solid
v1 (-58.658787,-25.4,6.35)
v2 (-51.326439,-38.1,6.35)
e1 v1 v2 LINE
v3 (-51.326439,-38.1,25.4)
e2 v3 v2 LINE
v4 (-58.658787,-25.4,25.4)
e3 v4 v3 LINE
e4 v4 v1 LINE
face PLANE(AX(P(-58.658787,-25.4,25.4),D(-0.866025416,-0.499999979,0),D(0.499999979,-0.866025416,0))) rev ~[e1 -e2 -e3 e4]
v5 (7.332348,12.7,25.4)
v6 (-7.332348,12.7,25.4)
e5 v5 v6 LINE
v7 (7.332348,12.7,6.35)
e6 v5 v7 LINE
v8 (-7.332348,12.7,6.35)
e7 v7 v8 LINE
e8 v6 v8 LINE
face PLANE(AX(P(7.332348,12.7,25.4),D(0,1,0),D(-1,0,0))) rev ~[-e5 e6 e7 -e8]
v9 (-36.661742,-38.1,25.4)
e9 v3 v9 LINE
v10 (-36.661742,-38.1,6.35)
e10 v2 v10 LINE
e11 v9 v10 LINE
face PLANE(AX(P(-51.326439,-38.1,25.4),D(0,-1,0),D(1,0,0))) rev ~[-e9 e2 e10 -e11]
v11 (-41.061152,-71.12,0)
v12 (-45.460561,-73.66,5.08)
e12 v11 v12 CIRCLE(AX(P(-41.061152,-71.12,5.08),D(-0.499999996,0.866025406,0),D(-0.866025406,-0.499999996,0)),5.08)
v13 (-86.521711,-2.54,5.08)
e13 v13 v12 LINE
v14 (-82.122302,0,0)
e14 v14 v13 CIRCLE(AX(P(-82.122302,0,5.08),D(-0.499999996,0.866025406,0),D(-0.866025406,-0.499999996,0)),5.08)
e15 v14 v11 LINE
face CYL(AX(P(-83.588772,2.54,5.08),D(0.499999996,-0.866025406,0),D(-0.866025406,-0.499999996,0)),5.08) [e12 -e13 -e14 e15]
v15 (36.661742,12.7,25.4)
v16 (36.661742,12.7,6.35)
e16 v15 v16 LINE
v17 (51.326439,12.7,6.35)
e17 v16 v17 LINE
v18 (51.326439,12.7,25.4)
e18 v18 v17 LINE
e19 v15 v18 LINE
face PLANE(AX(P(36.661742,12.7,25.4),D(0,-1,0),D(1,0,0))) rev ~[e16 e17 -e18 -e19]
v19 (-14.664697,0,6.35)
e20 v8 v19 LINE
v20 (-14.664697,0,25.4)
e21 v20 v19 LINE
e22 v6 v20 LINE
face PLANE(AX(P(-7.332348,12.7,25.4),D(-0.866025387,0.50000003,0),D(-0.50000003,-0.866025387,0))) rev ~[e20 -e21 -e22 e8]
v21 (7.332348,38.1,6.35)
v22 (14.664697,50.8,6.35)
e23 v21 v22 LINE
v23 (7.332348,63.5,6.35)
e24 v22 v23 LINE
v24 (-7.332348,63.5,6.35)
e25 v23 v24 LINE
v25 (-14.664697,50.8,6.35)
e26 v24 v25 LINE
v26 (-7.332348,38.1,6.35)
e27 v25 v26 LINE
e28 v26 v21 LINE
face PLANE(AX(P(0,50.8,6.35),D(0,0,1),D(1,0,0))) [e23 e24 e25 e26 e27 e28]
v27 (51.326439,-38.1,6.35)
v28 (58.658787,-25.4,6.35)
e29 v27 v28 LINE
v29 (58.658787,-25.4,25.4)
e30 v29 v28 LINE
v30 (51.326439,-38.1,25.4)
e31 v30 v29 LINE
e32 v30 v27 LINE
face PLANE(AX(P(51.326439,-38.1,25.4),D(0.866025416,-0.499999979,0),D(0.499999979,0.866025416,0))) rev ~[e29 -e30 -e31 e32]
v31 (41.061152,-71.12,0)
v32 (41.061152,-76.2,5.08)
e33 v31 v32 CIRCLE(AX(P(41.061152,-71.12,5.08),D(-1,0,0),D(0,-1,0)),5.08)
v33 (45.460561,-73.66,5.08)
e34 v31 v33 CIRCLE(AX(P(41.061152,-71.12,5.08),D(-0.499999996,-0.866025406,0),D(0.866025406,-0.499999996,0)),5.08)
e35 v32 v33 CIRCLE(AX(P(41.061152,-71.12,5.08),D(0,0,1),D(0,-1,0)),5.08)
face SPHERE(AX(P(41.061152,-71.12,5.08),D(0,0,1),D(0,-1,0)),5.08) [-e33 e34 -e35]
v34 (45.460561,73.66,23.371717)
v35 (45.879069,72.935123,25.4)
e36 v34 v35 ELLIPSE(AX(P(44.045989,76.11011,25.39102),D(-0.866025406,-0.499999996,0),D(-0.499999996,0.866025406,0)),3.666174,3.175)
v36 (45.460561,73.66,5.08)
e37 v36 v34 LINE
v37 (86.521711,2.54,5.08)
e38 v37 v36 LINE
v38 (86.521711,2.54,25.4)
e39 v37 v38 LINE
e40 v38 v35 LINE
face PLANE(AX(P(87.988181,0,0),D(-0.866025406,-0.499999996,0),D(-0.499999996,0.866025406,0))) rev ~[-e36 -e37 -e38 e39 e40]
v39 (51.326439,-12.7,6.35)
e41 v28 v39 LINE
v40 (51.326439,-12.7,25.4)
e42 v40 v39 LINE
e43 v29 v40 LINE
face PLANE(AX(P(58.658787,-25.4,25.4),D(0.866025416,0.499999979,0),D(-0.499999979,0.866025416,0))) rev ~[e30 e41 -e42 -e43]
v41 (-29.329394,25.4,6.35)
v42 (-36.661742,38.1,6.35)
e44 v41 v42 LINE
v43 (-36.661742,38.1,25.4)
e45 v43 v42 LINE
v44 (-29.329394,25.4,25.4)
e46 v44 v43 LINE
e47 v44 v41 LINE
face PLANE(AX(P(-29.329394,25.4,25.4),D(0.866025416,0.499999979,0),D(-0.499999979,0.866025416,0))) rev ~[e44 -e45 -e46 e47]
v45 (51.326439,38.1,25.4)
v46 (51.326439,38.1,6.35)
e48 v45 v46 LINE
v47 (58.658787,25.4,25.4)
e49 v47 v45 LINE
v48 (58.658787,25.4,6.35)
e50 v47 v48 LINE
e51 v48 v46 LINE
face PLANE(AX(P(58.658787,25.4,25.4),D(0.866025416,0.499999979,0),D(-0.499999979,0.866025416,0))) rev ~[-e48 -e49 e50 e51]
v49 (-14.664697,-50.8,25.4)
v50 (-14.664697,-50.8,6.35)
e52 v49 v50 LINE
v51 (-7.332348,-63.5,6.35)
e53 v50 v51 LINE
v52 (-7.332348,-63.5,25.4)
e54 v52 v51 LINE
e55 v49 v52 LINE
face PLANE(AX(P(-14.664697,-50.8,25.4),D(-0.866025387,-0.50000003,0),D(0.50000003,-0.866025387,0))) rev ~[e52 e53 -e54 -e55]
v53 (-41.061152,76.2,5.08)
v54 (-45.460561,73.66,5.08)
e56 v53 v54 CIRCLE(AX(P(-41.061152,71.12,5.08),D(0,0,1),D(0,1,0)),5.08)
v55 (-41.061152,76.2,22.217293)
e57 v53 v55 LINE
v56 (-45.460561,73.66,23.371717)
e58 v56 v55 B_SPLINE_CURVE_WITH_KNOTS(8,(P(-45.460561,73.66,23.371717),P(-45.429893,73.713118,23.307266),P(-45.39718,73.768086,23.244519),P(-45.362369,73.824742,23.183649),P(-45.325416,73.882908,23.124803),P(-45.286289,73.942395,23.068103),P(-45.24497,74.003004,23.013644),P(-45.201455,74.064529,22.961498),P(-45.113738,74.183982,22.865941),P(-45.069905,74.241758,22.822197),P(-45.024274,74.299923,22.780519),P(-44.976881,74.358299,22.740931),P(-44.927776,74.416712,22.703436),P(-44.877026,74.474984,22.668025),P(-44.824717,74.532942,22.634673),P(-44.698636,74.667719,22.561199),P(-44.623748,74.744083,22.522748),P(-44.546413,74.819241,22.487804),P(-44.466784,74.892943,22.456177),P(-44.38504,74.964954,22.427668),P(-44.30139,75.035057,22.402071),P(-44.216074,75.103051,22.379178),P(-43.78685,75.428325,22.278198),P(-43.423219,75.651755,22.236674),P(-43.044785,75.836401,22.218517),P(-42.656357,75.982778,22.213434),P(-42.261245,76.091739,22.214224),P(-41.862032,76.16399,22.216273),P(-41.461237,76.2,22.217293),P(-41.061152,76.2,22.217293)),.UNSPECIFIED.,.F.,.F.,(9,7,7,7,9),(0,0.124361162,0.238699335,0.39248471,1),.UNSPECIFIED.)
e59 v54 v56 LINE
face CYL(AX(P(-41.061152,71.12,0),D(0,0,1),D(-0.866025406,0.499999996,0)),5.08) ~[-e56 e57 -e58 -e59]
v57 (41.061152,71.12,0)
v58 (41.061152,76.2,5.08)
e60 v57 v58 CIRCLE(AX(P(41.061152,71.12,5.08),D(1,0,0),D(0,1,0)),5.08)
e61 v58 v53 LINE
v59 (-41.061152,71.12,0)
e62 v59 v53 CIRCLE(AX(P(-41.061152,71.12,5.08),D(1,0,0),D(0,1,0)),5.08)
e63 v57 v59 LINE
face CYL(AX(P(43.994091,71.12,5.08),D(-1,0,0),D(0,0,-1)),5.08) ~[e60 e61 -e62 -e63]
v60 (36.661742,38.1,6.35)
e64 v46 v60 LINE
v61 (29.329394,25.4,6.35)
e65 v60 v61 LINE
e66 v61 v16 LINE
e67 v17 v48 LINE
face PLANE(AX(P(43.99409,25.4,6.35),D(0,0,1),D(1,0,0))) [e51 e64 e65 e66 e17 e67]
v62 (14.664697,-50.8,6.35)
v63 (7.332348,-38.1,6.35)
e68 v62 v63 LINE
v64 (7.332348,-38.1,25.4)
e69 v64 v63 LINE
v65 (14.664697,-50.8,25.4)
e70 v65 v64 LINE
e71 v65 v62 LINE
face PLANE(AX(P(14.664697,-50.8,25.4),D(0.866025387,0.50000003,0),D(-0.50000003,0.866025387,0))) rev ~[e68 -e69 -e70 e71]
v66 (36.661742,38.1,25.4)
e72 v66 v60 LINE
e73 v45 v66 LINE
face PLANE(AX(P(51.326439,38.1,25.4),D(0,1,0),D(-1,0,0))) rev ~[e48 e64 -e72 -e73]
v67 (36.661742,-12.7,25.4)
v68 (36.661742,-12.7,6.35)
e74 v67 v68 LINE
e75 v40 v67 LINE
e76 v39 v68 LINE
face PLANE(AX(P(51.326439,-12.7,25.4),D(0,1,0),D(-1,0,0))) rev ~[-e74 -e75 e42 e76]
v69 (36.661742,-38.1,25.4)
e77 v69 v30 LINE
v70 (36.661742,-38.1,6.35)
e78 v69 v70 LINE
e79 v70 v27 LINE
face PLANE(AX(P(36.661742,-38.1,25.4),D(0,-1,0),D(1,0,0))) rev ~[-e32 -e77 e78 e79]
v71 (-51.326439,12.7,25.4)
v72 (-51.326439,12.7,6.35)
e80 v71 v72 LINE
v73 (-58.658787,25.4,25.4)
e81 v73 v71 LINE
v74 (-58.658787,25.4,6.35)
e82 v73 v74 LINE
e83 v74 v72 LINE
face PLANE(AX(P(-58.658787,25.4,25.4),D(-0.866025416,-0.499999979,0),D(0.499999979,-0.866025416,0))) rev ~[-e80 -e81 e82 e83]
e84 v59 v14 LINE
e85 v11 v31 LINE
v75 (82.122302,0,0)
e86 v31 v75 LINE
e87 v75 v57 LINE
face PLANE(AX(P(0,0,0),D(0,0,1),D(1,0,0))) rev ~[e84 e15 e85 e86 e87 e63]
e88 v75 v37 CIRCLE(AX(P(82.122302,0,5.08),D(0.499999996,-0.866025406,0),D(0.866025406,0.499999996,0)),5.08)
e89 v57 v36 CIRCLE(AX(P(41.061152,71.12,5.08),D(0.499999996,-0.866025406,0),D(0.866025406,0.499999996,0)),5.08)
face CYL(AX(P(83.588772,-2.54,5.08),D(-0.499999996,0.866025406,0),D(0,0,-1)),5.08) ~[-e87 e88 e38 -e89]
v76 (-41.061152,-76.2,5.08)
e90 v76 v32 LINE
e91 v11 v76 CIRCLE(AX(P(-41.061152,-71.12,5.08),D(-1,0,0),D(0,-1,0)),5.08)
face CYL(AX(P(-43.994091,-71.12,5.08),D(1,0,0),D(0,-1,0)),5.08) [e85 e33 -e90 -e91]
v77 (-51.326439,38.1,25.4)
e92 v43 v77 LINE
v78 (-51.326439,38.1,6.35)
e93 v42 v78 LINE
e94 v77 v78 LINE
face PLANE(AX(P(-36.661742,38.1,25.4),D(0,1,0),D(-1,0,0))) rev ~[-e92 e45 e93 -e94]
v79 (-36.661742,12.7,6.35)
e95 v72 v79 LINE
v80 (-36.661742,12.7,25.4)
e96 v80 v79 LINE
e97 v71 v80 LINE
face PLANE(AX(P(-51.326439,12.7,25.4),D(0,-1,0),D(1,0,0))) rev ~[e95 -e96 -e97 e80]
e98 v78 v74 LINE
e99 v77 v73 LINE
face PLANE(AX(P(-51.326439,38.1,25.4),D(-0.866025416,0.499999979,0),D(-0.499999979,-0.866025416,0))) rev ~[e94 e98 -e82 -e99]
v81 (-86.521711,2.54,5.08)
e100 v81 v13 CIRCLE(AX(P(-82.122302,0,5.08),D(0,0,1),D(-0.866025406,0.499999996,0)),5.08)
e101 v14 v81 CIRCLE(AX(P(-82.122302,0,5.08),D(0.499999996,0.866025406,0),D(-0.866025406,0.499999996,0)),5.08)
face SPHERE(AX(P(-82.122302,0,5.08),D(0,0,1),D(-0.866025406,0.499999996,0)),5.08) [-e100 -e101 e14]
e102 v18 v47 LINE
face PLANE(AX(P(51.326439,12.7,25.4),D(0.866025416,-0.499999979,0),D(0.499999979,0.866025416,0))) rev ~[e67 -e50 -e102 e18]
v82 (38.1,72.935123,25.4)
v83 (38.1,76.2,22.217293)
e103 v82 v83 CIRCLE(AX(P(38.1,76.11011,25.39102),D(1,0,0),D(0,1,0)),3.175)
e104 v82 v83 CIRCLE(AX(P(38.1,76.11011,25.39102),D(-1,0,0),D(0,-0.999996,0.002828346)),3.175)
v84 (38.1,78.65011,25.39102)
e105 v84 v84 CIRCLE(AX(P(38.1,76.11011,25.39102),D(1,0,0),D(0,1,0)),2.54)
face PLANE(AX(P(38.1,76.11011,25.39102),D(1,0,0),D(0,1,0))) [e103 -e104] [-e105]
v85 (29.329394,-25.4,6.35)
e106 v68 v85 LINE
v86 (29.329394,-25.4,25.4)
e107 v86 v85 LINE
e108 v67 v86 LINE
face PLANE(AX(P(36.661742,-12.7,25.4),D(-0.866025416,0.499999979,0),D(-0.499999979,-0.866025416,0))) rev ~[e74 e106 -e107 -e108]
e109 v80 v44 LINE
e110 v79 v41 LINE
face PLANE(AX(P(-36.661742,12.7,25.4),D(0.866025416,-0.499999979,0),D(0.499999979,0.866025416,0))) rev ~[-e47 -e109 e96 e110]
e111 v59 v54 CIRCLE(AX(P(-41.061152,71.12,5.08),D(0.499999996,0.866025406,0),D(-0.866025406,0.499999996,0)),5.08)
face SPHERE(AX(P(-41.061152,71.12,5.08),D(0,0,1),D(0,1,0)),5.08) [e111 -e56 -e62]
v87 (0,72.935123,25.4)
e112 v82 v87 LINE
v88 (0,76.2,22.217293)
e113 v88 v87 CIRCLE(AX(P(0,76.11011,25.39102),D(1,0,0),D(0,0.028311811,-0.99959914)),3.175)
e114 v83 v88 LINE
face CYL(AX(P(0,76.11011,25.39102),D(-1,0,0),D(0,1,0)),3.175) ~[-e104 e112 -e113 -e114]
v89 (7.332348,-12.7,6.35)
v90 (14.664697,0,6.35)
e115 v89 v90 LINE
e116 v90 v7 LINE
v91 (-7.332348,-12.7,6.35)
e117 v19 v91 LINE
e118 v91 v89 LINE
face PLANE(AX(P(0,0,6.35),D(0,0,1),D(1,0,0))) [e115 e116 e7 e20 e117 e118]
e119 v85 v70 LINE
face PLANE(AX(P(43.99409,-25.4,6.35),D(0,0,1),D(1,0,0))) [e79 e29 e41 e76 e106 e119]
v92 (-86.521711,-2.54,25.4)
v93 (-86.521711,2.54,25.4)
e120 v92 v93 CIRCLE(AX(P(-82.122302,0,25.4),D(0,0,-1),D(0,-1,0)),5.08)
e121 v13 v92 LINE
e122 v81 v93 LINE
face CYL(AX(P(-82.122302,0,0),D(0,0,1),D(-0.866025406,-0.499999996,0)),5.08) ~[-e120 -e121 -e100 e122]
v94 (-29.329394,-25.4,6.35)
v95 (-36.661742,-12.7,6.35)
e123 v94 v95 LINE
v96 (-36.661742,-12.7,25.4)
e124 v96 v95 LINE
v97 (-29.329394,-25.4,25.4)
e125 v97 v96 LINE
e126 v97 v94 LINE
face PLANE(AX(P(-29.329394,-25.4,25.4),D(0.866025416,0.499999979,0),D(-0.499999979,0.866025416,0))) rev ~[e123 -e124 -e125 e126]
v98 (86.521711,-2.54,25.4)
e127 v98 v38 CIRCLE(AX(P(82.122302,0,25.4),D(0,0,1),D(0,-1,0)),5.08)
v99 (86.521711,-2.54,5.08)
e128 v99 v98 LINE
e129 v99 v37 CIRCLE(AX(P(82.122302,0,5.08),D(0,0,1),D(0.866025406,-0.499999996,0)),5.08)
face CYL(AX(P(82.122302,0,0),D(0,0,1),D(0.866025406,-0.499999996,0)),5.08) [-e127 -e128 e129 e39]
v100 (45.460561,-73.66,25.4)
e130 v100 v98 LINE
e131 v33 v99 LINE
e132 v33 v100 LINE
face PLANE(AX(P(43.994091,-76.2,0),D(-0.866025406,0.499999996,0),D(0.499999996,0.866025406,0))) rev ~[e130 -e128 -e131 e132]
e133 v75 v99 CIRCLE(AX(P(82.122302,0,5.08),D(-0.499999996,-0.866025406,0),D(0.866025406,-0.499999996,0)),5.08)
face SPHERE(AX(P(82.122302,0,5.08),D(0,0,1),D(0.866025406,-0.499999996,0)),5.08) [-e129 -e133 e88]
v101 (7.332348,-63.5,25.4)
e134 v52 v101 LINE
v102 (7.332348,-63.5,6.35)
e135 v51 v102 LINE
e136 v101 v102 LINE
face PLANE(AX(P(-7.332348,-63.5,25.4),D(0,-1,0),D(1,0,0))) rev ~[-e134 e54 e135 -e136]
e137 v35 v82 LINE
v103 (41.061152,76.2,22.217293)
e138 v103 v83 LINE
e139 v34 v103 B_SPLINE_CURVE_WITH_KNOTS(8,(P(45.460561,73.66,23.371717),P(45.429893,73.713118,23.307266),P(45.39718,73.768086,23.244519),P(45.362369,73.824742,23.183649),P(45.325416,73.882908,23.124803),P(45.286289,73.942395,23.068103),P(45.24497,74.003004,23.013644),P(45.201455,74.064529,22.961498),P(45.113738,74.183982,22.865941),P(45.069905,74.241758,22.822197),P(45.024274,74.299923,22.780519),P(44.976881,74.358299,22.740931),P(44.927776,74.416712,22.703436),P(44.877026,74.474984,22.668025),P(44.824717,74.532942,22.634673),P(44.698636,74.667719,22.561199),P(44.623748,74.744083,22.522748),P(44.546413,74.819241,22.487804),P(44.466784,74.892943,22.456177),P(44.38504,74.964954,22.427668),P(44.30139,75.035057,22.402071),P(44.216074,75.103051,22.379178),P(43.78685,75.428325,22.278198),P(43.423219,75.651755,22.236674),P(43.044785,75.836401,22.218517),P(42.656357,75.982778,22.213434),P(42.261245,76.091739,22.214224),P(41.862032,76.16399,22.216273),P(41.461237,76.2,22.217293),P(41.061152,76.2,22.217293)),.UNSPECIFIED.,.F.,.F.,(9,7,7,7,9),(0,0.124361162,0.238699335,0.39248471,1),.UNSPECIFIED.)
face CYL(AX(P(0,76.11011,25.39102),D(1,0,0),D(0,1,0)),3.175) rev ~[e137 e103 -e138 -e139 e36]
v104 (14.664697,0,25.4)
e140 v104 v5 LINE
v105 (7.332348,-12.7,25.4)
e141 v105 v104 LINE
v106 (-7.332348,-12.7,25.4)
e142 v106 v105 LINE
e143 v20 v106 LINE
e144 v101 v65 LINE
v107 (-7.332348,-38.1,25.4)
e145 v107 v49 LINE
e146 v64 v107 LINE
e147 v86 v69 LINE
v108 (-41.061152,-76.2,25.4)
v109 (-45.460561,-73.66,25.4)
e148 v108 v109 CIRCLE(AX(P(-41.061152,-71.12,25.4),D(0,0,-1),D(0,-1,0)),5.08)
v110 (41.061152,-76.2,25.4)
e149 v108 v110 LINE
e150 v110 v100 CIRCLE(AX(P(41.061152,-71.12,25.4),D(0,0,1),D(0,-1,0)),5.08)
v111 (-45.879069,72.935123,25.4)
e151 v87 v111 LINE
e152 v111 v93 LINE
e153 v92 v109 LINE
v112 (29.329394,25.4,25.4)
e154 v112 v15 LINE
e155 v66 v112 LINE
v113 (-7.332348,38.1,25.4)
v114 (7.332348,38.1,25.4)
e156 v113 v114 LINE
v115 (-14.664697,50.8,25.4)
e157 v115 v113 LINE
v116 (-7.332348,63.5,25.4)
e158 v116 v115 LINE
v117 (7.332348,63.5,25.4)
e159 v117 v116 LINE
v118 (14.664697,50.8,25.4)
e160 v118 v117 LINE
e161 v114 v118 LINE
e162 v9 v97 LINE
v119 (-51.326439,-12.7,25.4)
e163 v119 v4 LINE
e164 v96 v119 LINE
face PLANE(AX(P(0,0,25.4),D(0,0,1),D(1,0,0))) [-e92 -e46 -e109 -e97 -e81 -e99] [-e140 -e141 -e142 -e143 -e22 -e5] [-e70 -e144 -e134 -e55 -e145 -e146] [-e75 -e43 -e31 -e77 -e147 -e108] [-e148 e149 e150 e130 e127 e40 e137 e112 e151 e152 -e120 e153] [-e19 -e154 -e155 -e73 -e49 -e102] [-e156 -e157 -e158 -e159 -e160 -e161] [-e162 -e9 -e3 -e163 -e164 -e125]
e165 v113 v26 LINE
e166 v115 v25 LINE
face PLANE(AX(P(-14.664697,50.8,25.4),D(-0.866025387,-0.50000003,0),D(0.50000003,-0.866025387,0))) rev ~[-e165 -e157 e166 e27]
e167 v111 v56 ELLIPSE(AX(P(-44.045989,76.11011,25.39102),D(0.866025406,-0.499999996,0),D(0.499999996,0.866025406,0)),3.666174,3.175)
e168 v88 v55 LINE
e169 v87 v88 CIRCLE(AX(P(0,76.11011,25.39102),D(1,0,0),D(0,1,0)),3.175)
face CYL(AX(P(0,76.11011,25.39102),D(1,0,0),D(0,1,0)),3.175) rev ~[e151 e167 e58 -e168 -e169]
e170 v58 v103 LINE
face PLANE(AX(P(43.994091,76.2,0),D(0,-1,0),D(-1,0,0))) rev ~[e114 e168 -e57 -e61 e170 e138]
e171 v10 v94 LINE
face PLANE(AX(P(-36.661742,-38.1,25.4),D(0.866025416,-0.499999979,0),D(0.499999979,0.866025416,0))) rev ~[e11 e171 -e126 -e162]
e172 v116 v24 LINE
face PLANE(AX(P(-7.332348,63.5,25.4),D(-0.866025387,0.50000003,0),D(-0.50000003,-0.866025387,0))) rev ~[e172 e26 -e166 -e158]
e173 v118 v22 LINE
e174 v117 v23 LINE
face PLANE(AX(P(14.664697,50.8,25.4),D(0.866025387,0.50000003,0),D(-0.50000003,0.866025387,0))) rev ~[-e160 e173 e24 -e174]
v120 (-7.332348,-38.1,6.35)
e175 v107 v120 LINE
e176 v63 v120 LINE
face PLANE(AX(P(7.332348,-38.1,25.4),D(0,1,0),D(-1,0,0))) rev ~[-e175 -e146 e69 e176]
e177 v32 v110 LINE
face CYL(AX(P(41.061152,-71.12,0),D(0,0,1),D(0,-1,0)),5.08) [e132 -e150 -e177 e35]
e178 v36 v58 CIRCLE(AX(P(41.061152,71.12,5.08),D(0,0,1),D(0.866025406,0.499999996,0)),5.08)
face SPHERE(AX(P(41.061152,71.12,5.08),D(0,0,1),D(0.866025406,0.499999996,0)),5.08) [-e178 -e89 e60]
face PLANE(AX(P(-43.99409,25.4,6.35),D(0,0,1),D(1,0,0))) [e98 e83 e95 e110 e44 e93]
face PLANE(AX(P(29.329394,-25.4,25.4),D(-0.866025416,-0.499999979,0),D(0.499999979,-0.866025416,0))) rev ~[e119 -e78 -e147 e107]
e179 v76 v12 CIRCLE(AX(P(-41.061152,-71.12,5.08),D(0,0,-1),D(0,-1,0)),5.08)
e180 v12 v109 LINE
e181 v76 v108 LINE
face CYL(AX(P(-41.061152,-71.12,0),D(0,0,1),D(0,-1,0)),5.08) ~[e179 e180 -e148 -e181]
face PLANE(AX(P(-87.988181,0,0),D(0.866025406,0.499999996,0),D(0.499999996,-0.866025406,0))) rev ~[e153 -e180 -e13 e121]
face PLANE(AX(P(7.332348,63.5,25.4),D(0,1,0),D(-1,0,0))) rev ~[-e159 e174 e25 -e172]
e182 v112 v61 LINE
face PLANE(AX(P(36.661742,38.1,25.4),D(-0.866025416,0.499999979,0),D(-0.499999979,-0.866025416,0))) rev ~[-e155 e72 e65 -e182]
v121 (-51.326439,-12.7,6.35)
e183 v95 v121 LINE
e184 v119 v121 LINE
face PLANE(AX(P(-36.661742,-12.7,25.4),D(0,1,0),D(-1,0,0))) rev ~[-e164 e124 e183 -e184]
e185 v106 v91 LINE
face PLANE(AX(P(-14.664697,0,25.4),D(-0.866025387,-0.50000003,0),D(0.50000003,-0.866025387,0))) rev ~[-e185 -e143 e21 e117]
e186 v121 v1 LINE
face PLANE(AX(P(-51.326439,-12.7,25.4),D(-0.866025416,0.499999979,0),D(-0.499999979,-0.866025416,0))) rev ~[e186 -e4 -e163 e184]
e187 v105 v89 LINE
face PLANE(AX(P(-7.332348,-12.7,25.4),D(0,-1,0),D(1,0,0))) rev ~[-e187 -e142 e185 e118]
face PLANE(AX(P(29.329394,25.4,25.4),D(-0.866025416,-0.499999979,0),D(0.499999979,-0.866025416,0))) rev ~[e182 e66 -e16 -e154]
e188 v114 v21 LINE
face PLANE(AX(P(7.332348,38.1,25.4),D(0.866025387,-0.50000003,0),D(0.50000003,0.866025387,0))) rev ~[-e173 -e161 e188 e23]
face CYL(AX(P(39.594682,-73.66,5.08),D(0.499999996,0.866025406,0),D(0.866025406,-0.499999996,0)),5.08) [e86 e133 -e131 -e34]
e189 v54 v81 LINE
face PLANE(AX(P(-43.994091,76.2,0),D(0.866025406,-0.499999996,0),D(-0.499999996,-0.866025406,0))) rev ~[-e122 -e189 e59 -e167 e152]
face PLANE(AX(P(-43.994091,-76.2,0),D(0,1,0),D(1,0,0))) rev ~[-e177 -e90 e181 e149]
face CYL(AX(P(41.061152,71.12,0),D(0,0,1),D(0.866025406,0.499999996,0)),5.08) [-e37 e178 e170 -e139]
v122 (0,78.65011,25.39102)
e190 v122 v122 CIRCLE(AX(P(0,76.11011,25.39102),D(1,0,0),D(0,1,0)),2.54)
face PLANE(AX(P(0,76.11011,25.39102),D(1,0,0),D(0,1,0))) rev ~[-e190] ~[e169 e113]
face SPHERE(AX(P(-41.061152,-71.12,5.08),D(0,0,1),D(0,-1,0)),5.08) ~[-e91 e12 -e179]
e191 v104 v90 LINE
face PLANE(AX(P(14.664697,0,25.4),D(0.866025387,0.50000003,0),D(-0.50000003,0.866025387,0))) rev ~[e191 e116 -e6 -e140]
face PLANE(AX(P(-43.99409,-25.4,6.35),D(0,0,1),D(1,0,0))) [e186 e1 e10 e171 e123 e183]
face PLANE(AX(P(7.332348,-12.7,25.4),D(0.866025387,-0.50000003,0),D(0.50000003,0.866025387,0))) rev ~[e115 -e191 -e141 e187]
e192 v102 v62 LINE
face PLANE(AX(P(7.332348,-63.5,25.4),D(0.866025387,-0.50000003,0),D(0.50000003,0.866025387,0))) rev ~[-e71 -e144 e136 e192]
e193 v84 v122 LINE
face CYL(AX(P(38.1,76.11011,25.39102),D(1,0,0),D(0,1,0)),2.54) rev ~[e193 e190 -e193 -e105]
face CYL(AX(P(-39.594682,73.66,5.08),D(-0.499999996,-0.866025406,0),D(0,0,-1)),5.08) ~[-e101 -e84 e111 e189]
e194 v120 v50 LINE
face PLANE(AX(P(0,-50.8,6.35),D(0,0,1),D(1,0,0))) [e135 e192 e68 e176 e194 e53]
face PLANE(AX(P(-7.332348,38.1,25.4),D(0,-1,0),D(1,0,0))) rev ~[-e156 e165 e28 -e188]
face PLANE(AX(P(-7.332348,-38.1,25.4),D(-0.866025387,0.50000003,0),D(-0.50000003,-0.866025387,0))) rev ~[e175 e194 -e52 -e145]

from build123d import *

# Parameters (mm, degrees)
F1_DEPTH      = 25.4
F3_DEPTH      = 19.05
F4_R          = 5.08
F5_R          = 3.175
F6_DEPTH      = 87.203302
F6_DEPTH_BACK = 87.203302
F7_DEPTH      = 38.1
F8_R          = 2.54
F9_DEPTH      = 125.303302


with BuildPart() as f1:
    # F0 (on Top) → F1 (new body)
    with BuildSketch(Plane.XY):
        Polygon((-43.994091, -76.2), (43.994091, -76.2), (87.988181, 0), (43.994091, 76.2), (-43.994091, 76.2), (-87.988181, 0), align=None)
    extrude(amount=F1_DEPTH)

    # F2 (on face) → F3 (cut)
    with BuildSketch(Plane.XY.offset(25.4)):
        Polygon((-7.332348, -12.7), (7.332348, -12.7), (14.664697, 0), (7.332348, 12.7), (-7.332348, 12.7), (-14.664697, 0), align=None)
        Polygon((-7.332348, 38.1), (7.332348, 38.1), (14.664697, 50.8), (7.332348, 63.5), (-7.332348, 63.5), (-14.664697, 50.8), align=None)
        Polygon((-29.329394, 25.4), (-36.661742, 38.1), (-51.326439, 38.1), (-58.658787, 25.4), (-51.326439, 12.7), (-36.661742, 12.7), align=None)
        Polygon((-36.661742, -12.7), (-51.326439, -12.7), (-58.658787, -25.4), (-51.326439, -38.1), (-36.661742, -38.1), (-29.329394, -25.4), align=None)
        Polygon((-7.332348, -38.1), (-14.664697, -50.8), (-7.332348, -63.5), (7.332348, -63.5), (14.664697, -50.8), (7.332348, -38.1), align=None)
        Polygon((29.329394, -25.4), (36.661742, -38.1), (51.326439, -38.1), (58.658787, -25.4), (51.326439, -12.7), (36.661742, -12.7), align=None)
        Polygon((36.661742, 12.7), (51.326439, 12.7), (58.658787, 25.4), (51.326439, 38.1), (36.661742, 38.1), (29.329394, 25.4), align=None)
    extrude(amount=-F3_DEPTH, mode=Mode.SUBTRACT)

    # F4
    f4_edges = [f1.edges().sort_by_distance(p)[0] for p in [
        (0, -76.2, 0),
        (65.991136, -38.1, 0),
        (65.991136, 38.1, 0),
        (0, 76.2, 0),
        (-65.991136, 38.1, 0),
        (-65.991136, -38.1, 0),
        (43.994091, -76.2, 12.7),
        (87.988181, 0, 12.7),
        (-43.994091, -76.2, 12.7),
        (-43.994091, 76.2, 12.7),
        (43.994091, 76.2, 12.7),
        (-87.988181, 0, 12.7),
    ]]
    fillet(f4_edges, radius=F4_R)

    # F5 (on Right) → F6 (cut, two sides)
    with BuildSketch(Plane.YZ) as f6_sk:
        with Locations((76.11011, 25.39102)):
            Circle(F5_R)
    extrude(amount=F6_DEPTH, mode=Mode.SUBTRACT)
    extrude(f6_sk.sketch, amount=-F6_DEPTH_BACK, mode=Mode.SUBTRACT)

    # F5 (on Right) → F7 (join)
    with BuildSketch(Plane.YZ):
        with Locations((76.11011, 25.39102)):
            Circle(F5_R)
    extrude(amount=F7_DEPTH)

    # F8 (on face) → F9 (cut, through all)
    with BuildSketch(Plane.YZ.offset(38.1)):
        with Locations((76.11011, 25.39102)):
            Circle(F8_R)
    extrude(amount=-F9_DEPTH, mode=Mode.SUBTRACT)


solid = f1.part
